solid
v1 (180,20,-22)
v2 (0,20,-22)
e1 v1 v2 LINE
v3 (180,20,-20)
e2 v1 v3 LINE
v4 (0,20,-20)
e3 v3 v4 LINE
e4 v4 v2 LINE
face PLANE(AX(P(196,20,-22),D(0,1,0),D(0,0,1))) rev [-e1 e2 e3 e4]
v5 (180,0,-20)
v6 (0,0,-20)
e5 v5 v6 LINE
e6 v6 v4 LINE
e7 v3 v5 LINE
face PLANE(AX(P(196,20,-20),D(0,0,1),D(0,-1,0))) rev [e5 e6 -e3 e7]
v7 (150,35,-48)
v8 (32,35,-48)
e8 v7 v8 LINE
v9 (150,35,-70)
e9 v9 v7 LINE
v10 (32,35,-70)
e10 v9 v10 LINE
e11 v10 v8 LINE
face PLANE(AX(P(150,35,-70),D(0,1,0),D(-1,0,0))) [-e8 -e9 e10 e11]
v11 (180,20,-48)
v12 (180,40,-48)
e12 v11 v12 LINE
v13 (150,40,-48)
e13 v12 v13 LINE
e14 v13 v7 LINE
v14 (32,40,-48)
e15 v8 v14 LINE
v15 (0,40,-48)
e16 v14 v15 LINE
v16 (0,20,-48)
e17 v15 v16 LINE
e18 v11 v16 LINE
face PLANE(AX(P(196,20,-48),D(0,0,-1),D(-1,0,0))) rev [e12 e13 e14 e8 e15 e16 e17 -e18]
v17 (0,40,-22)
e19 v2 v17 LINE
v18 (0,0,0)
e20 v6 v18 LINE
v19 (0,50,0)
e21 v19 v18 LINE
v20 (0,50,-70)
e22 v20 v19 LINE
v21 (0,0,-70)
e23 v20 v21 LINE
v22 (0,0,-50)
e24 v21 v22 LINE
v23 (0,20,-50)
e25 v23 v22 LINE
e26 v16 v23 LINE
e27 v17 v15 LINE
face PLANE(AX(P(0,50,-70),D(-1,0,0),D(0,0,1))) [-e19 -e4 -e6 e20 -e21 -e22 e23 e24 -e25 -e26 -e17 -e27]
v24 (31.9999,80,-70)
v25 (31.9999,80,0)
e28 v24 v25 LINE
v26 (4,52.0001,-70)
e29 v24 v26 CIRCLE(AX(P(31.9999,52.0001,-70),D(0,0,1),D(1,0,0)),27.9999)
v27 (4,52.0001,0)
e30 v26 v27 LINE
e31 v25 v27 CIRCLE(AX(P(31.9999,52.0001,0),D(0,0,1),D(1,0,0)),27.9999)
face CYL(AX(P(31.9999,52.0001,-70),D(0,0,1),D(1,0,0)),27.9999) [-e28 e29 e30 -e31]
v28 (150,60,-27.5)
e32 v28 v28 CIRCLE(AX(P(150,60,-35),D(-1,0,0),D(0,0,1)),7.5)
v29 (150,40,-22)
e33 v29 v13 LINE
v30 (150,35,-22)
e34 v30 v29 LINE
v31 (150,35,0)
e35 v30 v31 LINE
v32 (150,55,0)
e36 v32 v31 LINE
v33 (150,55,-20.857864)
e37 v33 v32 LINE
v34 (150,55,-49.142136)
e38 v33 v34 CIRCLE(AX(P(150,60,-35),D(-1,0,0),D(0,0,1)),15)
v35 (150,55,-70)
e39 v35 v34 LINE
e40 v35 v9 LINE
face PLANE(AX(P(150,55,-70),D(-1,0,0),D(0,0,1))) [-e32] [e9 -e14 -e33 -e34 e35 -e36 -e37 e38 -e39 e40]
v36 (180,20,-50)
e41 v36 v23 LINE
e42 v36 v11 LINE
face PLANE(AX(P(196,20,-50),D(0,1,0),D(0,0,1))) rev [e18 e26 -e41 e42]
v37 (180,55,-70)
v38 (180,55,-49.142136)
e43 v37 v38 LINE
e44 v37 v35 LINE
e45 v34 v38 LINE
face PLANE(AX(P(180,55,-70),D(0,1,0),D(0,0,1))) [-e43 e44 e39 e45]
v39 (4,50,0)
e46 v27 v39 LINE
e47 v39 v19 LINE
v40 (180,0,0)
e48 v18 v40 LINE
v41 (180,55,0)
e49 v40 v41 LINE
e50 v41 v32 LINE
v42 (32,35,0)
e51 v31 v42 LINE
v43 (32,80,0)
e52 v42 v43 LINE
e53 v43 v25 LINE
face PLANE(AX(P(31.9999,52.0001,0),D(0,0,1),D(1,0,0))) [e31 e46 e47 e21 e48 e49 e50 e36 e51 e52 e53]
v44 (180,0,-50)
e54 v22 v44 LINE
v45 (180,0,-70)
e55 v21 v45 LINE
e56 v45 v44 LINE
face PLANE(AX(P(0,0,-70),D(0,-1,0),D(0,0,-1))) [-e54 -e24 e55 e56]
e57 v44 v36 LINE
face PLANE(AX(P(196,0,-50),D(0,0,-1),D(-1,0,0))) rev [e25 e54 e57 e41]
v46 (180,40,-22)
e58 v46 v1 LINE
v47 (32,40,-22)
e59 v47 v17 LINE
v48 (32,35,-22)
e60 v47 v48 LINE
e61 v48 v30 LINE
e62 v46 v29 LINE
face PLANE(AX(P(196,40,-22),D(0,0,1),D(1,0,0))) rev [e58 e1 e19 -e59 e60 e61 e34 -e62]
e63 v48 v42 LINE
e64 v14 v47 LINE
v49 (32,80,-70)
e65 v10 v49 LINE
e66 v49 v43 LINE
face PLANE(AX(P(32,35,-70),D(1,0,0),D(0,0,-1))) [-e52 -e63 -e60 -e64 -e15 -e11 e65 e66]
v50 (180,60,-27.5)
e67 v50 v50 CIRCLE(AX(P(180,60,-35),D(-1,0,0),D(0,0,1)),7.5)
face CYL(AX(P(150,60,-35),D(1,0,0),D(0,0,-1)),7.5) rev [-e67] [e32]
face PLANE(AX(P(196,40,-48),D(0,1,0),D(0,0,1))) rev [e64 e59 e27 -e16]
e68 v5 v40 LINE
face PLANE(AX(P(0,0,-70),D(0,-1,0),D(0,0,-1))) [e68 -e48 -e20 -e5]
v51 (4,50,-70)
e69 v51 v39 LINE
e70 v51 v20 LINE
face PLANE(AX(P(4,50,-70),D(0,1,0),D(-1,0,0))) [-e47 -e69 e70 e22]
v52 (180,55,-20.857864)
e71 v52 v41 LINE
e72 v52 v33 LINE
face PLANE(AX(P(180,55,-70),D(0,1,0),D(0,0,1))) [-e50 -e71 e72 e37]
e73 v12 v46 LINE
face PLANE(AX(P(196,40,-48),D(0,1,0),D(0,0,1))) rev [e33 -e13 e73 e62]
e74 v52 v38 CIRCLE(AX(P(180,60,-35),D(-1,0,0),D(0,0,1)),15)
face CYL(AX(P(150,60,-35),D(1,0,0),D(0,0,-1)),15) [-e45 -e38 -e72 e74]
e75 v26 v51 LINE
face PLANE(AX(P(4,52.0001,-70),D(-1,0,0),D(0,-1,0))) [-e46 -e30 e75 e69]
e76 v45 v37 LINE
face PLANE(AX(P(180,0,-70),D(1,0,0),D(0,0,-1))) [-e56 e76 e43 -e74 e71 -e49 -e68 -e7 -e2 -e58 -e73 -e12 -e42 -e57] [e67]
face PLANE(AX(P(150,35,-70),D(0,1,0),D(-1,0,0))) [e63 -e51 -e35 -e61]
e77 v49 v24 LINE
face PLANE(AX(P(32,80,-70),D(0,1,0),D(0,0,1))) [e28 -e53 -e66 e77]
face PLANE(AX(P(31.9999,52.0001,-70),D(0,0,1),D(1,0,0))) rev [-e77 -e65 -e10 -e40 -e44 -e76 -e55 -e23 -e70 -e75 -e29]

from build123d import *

# Parameters (mm, degrees)
BOSS_EXTRUDE1_DEPTH = 70
CUT_EXTRUDE3_DEPTH  = 196
SKETCH5_R           = 15
BOSS_EXTRUDE3_DEPTH = 30
CUT_EXTRUDE4_DEPTH  = 30


with BuildPart() as part:
    # Sketch1 → Boss-Extrude1 (new body)
    with BuildSketch(Plane.XY):
        with BuildLine():
            Line((0, 0), (180, 0))
            Line((180, 0), (180, 55))
            Line((180, 55), (150, 55))
            Line((150, 55), (150, 35))
            Line((150, 35), (32, 35))
            Line((32, 35), (32, 80))
            ThreePointArc((32, 80), (12.200980837, 71.799019163), (4, 52.0001))
            Line((4, 52.0001), (4, 50))
            Line((4, 50), (0, 50))
            Line((0, 50), (0, 0))
        make_face()
    extrude(amount=-BOSS_EXTRUDE1_DEPTH)

    # Sketch2 → Cut-Extrude3 (cut)
    with BuildSketch(Plane.ZY):
        Polygon((-50, 0), (-50, 20), (-48, 20), (-48, 40), (-22, 40), (-22, 20), (-20, 20), (-20, 0), align=None)
    extrude(amount=-CUT_EXTRUDE3_DEPTH, mode=Mode.SUBTRACT)

    # Sketch5 → Boss-Extrude3 (add)
    with BuildSketch(Plane.ZY.offset(-180)):
        with Locations((-35, 60)):
            Circle(SKETCH5_R)
        with BuildLine():
            ThreePointArc((-27.5, 60), (-27.993707308, 57.323834327), (-29.409830056, 55))
            ThreePointArc((-29.409830056, 55), (-35, 52.5), (-40.590169944, 55))
            ThreePointArc((-40.590169944, 55), (-37.676165673, 67.006292692), (-27.5, 60))
        make_face(mode=Mode.SUBTRACT)
    extrude(amount=BOSS_EXTRUDE3_DEPTH)

    # Sketch5<3> → Cut-Extrude4 (cut)
    with BuildSketch(Plane.ZY.offset(-180)):
        with BuildLine():
            ThreePointArc((-40.590169944, 55), (-35, 52.5), (-29.409830056, 55))
            Line((-29.409830056, 55), (-40.590169944, 55))
        make_face()
    extrude(amount=CUT_EXTRUDE4_DEPTH, mode=Mode.SUBTRACT)


solid = part.part
